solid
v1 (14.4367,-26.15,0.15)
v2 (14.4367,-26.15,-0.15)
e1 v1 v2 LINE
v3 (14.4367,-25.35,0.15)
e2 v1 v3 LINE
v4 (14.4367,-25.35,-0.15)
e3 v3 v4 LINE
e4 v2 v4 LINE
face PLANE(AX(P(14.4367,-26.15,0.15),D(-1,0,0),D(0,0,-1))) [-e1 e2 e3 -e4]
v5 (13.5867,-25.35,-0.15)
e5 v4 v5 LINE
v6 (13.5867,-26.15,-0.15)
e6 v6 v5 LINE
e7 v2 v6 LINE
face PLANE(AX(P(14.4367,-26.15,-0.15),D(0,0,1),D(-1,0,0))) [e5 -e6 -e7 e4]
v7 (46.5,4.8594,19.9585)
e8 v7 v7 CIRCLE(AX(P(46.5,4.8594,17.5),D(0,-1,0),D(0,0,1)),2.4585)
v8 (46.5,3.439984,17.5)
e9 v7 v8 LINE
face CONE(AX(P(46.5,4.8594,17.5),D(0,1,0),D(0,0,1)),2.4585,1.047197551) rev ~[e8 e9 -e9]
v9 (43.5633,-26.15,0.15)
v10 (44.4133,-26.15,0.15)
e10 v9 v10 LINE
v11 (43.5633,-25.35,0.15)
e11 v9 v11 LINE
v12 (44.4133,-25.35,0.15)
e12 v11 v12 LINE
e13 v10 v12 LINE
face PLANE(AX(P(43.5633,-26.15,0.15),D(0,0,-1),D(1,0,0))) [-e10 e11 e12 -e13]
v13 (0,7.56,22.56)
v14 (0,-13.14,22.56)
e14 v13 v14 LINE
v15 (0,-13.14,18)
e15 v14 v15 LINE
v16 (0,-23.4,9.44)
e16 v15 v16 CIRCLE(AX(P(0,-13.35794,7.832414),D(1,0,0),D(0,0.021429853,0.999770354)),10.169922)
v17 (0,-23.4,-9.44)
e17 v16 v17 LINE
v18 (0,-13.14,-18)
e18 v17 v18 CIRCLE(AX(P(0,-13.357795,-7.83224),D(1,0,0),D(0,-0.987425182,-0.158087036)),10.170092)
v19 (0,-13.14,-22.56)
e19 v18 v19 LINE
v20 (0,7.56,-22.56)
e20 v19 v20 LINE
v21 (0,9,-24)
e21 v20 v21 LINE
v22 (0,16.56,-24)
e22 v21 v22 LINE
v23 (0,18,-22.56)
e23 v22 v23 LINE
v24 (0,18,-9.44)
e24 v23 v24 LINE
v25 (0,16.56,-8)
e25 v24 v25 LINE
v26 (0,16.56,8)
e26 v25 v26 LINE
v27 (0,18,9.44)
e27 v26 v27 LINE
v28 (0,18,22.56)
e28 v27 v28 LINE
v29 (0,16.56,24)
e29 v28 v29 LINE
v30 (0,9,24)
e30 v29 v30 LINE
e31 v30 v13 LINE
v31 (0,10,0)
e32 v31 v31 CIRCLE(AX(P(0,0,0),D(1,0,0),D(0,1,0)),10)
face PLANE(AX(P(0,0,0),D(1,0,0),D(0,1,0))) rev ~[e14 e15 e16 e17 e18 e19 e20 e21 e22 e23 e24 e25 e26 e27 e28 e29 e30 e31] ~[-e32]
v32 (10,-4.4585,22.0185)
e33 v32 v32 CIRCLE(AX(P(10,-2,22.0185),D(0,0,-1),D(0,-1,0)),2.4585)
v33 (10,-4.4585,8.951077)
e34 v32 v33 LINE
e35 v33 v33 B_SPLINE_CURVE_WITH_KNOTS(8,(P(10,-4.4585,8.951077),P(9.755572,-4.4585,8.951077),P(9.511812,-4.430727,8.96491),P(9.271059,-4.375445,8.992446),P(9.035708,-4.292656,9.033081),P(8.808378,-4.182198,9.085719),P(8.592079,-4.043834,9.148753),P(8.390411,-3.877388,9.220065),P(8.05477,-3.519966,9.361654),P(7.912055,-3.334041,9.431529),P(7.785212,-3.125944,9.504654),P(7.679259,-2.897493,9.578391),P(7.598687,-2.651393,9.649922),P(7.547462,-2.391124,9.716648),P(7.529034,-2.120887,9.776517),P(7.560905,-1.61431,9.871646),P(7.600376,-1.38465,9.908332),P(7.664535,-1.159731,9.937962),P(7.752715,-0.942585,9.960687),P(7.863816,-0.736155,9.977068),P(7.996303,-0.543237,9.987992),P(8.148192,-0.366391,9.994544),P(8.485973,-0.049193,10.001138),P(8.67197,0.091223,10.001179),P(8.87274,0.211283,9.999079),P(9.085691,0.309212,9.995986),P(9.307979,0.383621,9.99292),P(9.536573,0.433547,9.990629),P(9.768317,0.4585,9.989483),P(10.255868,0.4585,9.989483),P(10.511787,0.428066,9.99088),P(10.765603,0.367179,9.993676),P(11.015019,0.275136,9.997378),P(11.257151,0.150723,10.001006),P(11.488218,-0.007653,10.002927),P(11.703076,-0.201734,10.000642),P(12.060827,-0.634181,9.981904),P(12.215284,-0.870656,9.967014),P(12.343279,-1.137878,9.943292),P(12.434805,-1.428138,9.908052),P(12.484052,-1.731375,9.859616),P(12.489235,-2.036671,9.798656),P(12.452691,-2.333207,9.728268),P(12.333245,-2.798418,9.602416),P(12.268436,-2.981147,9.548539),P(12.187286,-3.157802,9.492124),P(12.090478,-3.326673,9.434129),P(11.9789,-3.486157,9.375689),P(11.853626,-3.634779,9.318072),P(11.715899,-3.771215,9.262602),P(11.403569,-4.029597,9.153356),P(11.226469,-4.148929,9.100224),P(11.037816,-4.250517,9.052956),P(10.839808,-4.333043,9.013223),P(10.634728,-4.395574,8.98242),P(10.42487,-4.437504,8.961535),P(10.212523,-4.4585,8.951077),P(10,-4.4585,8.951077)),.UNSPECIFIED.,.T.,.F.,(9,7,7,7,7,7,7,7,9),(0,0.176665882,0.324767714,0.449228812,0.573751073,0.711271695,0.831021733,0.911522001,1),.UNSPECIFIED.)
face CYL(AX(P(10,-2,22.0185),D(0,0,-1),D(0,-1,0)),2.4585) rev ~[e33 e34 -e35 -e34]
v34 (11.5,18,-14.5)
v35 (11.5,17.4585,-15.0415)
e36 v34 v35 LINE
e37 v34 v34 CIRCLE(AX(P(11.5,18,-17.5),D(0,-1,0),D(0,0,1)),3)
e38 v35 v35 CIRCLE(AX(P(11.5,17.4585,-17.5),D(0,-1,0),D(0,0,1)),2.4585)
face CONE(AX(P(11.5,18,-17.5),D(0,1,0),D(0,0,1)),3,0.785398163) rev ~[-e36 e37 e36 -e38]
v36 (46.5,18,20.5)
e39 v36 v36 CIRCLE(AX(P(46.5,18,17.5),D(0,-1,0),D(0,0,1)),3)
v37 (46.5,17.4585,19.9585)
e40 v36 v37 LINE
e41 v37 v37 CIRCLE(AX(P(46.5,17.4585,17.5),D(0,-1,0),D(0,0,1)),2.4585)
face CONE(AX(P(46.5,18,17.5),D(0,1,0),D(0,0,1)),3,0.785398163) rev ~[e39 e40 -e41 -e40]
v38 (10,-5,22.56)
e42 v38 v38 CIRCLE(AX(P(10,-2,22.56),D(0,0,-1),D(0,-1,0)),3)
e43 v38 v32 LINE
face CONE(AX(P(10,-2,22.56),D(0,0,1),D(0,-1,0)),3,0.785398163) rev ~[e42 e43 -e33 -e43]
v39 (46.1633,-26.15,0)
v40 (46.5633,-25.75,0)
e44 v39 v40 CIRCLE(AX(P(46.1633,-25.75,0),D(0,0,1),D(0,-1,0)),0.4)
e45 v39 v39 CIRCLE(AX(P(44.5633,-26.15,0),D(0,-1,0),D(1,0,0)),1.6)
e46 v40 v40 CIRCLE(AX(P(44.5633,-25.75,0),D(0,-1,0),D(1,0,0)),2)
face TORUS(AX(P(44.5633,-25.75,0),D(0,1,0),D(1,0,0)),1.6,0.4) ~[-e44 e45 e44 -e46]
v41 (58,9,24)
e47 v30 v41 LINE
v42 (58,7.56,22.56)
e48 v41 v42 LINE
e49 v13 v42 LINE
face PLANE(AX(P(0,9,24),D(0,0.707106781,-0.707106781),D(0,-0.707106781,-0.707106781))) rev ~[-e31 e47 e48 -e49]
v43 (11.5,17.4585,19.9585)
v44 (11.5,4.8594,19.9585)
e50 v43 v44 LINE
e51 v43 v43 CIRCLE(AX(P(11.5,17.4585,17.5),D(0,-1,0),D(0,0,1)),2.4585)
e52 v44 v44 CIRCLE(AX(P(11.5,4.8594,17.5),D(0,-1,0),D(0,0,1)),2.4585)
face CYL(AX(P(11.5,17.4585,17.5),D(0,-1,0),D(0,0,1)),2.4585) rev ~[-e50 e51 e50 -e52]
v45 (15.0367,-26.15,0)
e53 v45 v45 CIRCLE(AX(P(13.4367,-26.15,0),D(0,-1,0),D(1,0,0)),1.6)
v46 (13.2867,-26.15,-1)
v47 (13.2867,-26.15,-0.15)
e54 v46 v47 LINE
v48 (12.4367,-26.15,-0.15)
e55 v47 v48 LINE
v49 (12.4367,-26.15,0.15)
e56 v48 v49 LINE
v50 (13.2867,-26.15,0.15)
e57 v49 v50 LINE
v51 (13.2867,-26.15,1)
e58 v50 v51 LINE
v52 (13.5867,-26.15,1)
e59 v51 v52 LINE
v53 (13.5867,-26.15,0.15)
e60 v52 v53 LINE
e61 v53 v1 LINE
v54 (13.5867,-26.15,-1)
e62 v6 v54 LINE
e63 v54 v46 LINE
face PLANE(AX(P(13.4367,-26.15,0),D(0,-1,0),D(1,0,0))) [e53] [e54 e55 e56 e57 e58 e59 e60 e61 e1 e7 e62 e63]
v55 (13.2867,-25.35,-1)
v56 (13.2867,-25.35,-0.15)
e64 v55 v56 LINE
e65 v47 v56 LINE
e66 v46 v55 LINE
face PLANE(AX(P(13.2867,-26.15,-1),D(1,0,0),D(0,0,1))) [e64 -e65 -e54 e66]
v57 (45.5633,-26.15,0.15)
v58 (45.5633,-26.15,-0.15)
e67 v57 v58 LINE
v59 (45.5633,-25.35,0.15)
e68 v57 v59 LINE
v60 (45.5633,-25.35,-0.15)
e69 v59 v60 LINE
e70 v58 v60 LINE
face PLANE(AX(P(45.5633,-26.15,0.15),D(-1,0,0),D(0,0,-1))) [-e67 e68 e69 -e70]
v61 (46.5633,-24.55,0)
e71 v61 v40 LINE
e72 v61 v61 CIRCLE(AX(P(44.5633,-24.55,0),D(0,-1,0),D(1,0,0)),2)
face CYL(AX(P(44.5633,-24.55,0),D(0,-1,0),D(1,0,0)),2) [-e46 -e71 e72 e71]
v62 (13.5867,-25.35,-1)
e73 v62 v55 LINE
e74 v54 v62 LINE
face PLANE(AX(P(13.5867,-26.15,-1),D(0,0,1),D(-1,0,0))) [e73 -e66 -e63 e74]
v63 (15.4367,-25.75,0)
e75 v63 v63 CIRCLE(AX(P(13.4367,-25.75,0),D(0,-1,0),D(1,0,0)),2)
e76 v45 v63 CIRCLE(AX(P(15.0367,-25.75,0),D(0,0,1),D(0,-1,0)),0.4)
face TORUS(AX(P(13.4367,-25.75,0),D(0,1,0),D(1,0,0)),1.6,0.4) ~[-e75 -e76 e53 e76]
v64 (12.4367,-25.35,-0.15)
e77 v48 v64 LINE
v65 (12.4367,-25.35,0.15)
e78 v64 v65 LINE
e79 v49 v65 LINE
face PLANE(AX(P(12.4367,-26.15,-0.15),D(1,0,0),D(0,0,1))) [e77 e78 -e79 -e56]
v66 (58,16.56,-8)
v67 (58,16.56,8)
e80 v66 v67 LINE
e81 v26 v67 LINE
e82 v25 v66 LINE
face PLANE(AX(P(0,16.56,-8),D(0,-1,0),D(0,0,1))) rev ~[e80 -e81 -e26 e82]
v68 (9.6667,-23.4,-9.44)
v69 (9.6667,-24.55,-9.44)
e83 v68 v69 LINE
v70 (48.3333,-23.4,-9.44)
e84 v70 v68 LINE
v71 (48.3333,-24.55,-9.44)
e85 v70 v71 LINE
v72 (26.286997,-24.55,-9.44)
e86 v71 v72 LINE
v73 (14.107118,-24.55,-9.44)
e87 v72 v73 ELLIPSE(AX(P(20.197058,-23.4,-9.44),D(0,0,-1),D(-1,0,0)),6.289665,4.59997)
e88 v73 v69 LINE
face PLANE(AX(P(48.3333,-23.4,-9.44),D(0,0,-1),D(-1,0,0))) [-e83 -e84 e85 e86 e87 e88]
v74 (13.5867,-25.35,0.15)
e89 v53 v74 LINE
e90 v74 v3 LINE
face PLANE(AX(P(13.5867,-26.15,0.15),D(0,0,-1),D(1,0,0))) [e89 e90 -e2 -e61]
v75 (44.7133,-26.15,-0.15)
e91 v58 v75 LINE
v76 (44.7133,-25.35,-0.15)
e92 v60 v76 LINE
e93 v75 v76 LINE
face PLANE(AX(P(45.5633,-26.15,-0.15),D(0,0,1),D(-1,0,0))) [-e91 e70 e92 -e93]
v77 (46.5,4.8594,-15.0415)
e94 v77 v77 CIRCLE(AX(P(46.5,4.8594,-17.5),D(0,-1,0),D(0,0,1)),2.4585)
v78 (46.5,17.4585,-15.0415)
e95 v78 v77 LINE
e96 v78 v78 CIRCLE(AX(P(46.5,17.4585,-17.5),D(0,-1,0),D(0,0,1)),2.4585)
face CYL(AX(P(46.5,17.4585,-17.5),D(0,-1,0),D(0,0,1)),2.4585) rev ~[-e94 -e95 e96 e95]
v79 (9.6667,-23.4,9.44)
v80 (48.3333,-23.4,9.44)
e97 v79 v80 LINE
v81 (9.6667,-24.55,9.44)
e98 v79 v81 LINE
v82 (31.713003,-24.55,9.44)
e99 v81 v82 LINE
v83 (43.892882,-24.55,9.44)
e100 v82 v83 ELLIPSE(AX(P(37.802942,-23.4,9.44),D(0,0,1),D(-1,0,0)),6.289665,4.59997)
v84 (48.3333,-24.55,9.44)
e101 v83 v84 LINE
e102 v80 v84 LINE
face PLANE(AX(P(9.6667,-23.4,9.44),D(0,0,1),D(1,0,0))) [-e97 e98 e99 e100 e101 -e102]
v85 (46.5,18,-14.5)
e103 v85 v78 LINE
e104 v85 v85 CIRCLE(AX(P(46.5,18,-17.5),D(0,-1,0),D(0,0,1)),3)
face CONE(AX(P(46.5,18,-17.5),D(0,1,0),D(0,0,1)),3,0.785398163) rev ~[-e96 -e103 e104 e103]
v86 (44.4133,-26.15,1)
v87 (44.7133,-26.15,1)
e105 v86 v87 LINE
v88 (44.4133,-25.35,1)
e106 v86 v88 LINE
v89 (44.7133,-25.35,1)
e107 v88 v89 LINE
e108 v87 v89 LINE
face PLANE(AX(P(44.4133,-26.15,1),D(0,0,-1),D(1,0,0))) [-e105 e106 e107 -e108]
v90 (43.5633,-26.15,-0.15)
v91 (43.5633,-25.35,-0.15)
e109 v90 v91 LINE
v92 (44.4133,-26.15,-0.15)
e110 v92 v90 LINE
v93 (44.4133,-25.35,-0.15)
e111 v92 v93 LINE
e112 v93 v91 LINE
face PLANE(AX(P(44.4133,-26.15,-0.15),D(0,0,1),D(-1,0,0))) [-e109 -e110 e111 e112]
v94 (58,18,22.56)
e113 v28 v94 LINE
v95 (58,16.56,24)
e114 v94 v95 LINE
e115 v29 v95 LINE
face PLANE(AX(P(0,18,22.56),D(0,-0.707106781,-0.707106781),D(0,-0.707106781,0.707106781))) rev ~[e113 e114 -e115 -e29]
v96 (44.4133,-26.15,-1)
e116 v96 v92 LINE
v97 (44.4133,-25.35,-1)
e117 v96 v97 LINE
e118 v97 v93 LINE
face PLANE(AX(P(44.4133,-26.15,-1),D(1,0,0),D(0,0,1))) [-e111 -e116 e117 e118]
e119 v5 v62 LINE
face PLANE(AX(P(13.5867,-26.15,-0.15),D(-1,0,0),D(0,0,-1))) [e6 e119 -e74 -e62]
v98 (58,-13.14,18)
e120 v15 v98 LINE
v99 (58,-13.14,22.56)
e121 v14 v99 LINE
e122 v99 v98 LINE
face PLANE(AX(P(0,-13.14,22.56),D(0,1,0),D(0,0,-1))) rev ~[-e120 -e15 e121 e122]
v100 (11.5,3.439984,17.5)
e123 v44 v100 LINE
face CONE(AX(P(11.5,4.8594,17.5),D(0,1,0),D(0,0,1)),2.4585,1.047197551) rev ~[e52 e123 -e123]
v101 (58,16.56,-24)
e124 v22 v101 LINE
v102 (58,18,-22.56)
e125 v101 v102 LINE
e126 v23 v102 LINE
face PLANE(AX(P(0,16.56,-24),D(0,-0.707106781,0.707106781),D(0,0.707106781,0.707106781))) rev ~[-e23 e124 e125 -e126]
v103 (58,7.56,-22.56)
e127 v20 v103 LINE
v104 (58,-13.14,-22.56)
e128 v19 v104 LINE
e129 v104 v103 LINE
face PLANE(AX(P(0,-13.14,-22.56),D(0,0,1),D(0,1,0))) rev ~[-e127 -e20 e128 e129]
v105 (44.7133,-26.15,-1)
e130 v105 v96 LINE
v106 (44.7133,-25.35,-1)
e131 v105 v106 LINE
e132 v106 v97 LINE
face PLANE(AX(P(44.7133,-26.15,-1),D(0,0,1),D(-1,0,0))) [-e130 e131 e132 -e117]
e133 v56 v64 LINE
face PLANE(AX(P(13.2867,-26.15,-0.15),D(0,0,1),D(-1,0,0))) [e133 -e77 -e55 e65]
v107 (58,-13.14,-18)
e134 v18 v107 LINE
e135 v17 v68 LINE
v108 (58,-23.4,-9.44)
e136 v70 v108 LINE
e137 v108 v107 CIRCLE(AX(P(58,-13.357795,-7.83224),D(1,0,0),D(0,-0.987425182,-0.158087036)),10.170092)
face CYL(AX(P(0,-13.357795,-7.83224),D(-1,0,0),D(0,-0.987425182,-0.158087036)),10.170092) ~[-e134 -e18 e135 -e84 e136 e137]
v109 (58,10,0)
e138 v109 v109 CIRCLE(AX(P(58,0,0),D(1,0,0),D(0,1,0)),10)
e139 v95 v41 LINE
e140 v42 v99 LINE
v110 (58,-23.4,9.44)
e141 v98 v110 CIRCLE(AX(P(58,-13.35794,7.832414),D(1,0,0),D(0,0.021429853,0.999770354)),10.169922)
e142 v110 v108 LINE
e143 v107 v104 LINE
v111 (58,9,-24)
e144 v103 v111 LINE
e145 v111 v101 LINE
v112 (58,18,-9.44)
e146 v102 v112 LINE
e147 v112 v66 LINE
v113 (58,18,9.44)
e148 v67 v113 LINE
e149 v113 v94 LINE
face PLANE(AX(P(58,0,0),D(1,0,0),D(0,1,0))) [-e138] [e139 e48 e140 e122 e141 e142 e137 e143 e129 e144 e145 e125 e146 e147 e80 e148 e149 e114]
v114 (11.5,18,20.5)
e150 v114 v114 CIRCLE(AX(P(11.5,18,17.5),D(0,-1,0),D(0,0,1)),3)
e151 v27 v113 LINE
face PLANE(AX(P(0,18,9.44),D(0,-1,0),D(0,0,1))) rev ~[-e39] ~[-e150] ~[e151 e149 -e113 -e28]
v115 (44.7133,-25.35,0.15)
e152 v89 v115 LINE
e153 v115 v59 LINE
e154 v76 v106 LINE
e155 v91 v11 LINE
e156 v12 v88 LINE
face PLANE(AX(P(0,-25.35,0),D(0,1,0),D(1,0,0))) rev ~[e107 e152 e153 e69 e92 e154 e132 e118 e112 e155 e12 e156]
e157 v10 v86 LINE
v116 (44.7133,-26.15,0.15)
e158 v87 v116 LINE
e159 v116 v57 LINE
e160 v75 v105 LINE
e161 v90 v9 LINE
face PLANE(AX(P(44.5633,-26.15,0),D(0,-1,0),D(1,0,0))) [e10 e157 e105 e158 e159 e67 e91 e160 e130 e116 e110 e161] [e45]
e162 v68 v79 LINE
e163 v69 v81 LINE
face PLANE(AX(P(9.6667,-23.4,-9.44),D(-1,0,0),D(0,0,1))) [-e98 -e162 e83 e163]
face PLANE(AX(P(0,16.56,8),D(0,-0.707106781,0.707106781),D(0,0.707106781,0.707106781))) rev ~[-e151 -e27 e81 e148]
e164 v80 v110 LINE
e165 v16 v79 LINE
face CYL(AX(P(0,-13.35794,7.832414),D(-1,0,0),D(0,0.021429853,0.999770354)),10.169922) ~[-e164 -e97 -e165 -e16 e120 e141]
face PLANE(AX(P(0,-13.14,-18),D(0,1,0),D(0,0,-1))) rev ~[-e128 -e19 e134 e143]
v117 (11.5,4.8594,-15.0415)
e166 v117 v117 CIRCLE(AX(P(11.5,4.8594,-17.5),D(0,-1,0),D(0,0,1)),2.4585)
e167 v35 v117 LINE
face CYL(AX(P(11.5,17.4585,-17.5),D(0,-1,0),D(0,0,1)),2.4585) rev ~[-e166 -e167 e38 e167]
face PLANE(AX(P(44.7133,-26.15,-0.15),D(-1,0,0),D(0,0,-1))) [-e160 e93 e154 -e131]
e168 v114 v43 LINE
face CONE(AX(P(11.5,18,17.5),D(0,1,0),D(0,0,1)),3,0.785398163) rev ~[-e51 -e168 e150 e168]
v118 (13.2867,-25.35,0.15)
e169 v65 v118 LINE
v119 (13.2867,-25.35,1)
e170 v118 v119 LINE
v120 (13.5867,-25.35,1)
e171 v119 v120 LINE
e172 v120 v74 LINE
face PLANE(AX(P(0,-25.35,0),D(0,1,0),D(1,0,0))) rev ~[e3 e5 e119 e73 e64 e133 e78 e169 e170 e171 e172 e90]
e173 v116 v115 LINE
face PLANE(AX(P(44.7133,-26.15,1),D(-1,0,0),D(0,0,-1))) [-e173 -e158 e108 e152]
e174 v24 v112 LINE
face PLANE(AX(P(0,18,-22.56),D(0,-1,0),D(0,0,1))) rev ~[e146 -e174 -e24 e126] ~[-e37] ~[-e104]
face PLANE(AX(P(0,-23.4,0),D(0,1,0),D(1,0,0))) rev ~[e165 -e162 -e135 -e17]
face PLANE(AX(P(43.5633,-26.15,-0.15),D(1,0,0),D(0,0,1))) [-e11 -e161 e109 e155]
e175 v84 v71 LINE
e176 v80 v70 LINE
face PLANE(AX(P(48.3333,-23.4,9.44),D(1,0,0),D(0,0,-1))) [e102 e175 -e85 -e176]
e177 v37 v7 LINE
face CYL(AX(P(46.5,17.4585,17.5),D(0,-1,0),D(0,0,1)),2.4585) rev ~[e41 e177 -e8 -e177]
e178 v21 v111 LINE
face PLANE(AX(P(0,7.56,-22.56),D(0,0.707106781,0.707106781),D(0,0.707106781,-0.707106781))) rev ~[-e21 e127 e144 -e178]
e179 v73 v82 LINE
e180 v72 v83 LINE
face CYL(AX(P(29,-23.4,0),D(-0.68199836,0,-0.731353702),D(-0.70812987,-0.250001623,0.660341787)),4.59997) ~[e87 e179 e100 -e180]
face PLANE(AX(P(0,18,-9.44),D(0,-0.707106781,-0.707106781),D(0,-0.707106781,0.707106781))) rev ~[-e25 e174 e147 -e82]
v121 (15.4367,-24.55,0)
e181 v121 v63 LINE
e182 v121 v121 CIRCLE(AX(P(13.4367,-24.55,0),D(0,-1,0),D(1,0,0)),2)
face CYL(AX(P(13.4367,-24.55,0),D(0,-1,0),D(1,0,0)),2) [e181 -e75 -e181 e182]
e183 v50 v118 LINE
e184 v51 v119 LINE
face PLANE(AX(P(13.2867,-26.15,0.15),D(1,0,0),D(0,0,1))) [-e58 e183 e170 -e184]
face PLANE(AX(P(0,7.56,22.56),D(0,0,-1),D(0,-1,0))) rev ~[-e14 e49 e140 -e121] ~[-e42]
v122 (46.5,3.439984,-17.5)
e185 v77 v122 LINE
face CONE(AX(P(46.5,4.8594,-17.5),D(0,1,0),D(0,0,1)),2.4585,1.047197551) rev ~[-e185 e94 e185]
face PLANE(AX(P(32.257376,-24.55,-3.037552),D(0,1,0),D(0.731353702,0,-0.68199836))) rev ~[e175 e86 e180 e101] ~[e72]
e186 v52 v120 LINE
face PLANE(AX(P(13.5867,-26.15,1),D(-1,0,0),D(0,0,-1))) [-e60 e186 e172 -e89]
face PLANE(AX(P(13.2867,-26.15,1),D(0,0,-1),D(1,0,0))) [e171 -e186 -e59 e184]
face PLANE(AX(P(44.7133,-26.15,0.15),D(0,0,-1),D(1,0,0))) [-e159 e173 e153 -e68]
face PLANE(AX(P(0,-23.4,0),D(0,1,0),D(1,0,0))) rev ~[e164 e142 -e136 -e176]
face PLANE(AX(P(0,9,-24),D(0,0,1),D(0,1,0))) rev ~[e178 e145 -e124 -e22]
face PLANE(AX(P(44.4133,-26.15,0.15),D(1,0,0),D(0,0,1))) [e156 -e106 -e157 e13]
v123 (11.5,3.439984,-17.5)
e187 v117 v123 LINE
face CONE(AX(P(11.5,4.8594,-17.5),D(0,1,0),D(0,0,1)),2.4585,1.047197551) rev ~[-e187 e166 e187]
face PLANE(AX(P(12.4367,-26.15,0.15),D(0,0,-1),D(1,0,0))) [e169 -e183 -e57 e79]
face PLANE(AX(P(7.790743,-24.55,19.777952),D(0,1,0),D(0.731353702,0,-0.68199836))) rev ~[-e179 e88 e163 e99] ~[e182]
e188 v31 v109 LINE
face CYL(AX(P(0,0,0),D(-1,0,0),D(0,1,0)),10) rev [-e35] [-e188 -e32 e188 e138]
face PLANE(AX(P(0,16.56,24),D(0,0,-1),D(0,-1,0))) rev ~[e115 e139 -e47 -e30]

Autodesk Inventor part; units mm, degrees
sketch "Sketch_1" plane through (0, 0, 0) normal (1, 0, 0) x (0, 1, 0)
  line L0 (16.56, 24) -> (9, 24)
  line L1 (9, 24) -> (7.56, 22.56)
  line L2 (7.56, 22.56) -> (-13.14, 22.56)
  line L3 (-13.14, 22.56) -> (-13.14, 18)
  arc A0 (-13.14, 18) -> (-23.4, 9.44) centre (-13.3579, 7.8323) ccw
  line L4 (-23.4, 9.44) -> (-23.4, -9.44)
  arc A1 (-23.4, -9.44) -> (-13.14, -18) centre (-13.3579, -7.8323) ccw
  line L5 (-13.14, -18) -> (-13.14, -22.56)
  line L6 (-13.14, -22.56) -> (7.56, -22.56)
  line L7 (7.56, -22.56) -> (9, -24)
  line L8 (9, -24) -> (16.56, -24)
  line L9 (16.56, -24) -> (18, -22.56)
  line L10 (18, -22.56) -> (18, -9.44)
  line L11 (18, -9.44) -> (16.56, -8)
  line L12 (16.56, -8) -> (16.56, 8)
  line L13 (16.56, 8) -> (18, 9.44)
  line L14 (18, 9.44) -> (18, 22.56)
  line L15 (18, 22.56) -> (16.56, 24)
  circle A2 centre (0, 0) radius 10
extrude "Extrusion1" add sketch "Sketch_1" along normal blind 58
sketch "Sketch_2" plane through (29, 0, 0) normal (0.682, 0, 0.7314) x (0.7314, 0, -0.682)
  line L0 (-29, -24.55) -> (-4.4539, -24.55)
  arc A0 (-4.4539, -24.55) -> (4.4539, -24.55) centre (0, -23.4) ccw
  line L1 (4.4539, -24.55) -> (29, -24.55)
  line L2 (29, -24.55) -> (29, -23.4)
  line L3 (29, -23.4) -> (-29, -23.4)
  line L4 (-29, -23.4) -> (-29, -24.55)
extrude "Extrusion2" add sketch "Sketch_2" along normal mid plane 58
sketch "Sketch_3" plane through (0, -23.4, 0) normal (0, 1, 0) x (1, 0, 0)
  line L0 (-29, -58) -> (87, -58)
  line L1 (87, -58) -> (87, 58)
  line L2 (87, 58) -> (-29, 58)
  line L3 (-29, 58) -> (-29, -58)
  line L4 (9.6667, -9.44) -> (48.3333, -9.44)
  line L5 (48.3333, -9.44) -> (48.3333, 9.44)
  line L6 (48.3333, 9.44) -> (9.6667, 9.44)
  line L7 (9.6667, 9.44) -> (9.6667, -9.44)
extrude "Extrusion3" cut sketch "Sketch_3" against normal blind 4.6
sketch "Sketch_4" plane through (0, 0, 0) normal (0, 0, 1) x (1, 0, 0)
  line L0 (13.4367, -26.15) -> (13.4367, -24.55)
  line L1 (13.4367, -24.55) -> (15.4367, -24.55)
  line L2 (15.4367, -24.55) -> (15.4367, -25.75)
  arc A0 (15.0367, -26.15) -> (15.4367, -25.75) centre (15.0367, -25.75) ccw
  line L3 (15.0367, -26.15) -> (13.4367, -26.15)
  line L4 (13.4367, -26.15) -> (13.4367, -24.55)
revolve "Revolution1" add sketch "Sketch_4" angle 360 about axis through (13.4367, -26.15, 0) along (0, -1, 0)
sketch "Sketch_5" plane through (0, 0, 0) normal (0, 0, 1) x (1, 0, 0)
  line L0 (44.5633, -26.15) -> (44.5633, -24.55)
  line L1 (44.5633, -24.55) -> (46.5633, -24.55)
  line L2 (46.5633, -24.55) -> (46.5633, -25.75)
  arc A0 (46.1633, -26.15) -> (46.5633, -25.75) centre (46.1633, -25.75) ccw
  line L3 (46.1633, -26.15) -> (44.5633, -26.15)
  line L4 (44.5633, -26.15) -> (44.5633, -24.55)
revolve "Revolution2" add sketch "Sketch_5" angle 360 about axis through (44.5633, -26.15, 0) along (0, -1, 0)
sketch "Sketch_6" plane through (0, -26.15, 0) normal (0, 1, 0) x (1, 0, 0)
  line L0 (43.5633, 0.15) -> (43.5633, -0.15)
  line L1 (43.5633, -0.15) -> (44.4133, -0.15)
  line L2 (44.4133, -0.15) -> (44.4133, -1)
  line L3 (44.4133, -1) -> (44.7133, -1)
  line L4 (44.7133, -1) -> (44.7133, -0.15)
  line L5 (44.7133, -0.15) -> (45.5633, -0.15)
  line L6 (45.5633, -0.15) -> (45.5633, 0.15)
  line L7 (45.5633, 0.15) -> (44.7133, 0.15)
  line L8 (44.7133, 0.15) -> (44.7133, 1)
  line L9 (44.7133, 1) -> (44.4133, 1)
  line L10 (44.4133, 1) -> (44.4133, 0.15)
  line L11 (44.4133, 0.15) -> (43.5633, 0.15)
extrude "Extrusion4" cut sketch "Sketch_6" along normal blind 0.8
sketch "Sketch_7" plane through (0, -26.15, 0) normal (0, 1, 0) x (1, 0, 0)
  line L0 (12.4367, 0.15) -> (12.4367, -0.15)
  line L1 (12.4367, -0.15) -> (13.2867, -0.15)
  line L2 (13.2867, -0.15) -> (13.2867, -1)
  line L3 (13.2867, -1) -> (13.5867, -1)
  line L4 (13.5867, -1) -> (13.5867, -0.15)
  line L5 (13.5867, -0.15) -> (14.4367, -0.15)
  line L6 (14.4367, -0.15) -> (14.4367, 0.15)
  line L7 (14.4367, 0.15) -> (13.5867, 0.15)
  line L8 (13.5867, 0.15) -> (13.5867, 1)
  line L9 (13.5867, 1) -> (13.2867, 1)
  line L10 (13.2867, 1) -> (13.2867, 0.15)
  line L11 (13.2867, 0.15) -> (12.4367, 0.15)
extrude "Extrusion5" cut sketch "Sketch_7" along normal blind 0.8
sketch "Sketch8" plane through (0, -13.14, 22.56) normal (0, 0, 1) x (1, 0, 0)
  point P0 (10, 11.14)
hole "Hole1" at (10, -2, 22.56) direction (0, 0, -1) diameter 4.917 depth 14.1406 tip angle 120 countersink diameter 6 countersink angle 90 thread size "M6x1" class "6H" standard "ISO Metric profile"
sketch "Sketch9" plane through (0, 18, -9.44) normal (0, 1, 0) x (1, 0, 0)
  point P0 (11.5, 8.06)
hole "Hole2" at (11.5, 18, -17.5) direction (0, -1, 0) diameter 4.917 depth 13.1406 tip angle 120 countersink diameter 6 countersink angle 90 thread size "M6x1" class "6H" standard "ISO Metric profile"
pattern_linear "Rectangular Pattern1" count 2 spacing 35 along (1, 0, 0) count 2 spacing 35 along (0, 0, 1) of "Hole2"
ref_plane "bnt_nut_1_XY" through (0, 0, 0) normal (1, 0, 0) x (0, 0, -1)
ref_plane "bnt_nut_1_YZ" through (0, 0, 0) normal (0, 0, -1) x (0, 1, 0)
ref_plane "bnt_nut_1_ZX" through (0, 0, 0) normal (0, 1, 0) x (1, 0, 0)
thread "Thread1" size "M20x2.5" class "6H" standard "ANSI Metric M Profile" full length
properties part number "BNT 2010-2.6 Nut"
